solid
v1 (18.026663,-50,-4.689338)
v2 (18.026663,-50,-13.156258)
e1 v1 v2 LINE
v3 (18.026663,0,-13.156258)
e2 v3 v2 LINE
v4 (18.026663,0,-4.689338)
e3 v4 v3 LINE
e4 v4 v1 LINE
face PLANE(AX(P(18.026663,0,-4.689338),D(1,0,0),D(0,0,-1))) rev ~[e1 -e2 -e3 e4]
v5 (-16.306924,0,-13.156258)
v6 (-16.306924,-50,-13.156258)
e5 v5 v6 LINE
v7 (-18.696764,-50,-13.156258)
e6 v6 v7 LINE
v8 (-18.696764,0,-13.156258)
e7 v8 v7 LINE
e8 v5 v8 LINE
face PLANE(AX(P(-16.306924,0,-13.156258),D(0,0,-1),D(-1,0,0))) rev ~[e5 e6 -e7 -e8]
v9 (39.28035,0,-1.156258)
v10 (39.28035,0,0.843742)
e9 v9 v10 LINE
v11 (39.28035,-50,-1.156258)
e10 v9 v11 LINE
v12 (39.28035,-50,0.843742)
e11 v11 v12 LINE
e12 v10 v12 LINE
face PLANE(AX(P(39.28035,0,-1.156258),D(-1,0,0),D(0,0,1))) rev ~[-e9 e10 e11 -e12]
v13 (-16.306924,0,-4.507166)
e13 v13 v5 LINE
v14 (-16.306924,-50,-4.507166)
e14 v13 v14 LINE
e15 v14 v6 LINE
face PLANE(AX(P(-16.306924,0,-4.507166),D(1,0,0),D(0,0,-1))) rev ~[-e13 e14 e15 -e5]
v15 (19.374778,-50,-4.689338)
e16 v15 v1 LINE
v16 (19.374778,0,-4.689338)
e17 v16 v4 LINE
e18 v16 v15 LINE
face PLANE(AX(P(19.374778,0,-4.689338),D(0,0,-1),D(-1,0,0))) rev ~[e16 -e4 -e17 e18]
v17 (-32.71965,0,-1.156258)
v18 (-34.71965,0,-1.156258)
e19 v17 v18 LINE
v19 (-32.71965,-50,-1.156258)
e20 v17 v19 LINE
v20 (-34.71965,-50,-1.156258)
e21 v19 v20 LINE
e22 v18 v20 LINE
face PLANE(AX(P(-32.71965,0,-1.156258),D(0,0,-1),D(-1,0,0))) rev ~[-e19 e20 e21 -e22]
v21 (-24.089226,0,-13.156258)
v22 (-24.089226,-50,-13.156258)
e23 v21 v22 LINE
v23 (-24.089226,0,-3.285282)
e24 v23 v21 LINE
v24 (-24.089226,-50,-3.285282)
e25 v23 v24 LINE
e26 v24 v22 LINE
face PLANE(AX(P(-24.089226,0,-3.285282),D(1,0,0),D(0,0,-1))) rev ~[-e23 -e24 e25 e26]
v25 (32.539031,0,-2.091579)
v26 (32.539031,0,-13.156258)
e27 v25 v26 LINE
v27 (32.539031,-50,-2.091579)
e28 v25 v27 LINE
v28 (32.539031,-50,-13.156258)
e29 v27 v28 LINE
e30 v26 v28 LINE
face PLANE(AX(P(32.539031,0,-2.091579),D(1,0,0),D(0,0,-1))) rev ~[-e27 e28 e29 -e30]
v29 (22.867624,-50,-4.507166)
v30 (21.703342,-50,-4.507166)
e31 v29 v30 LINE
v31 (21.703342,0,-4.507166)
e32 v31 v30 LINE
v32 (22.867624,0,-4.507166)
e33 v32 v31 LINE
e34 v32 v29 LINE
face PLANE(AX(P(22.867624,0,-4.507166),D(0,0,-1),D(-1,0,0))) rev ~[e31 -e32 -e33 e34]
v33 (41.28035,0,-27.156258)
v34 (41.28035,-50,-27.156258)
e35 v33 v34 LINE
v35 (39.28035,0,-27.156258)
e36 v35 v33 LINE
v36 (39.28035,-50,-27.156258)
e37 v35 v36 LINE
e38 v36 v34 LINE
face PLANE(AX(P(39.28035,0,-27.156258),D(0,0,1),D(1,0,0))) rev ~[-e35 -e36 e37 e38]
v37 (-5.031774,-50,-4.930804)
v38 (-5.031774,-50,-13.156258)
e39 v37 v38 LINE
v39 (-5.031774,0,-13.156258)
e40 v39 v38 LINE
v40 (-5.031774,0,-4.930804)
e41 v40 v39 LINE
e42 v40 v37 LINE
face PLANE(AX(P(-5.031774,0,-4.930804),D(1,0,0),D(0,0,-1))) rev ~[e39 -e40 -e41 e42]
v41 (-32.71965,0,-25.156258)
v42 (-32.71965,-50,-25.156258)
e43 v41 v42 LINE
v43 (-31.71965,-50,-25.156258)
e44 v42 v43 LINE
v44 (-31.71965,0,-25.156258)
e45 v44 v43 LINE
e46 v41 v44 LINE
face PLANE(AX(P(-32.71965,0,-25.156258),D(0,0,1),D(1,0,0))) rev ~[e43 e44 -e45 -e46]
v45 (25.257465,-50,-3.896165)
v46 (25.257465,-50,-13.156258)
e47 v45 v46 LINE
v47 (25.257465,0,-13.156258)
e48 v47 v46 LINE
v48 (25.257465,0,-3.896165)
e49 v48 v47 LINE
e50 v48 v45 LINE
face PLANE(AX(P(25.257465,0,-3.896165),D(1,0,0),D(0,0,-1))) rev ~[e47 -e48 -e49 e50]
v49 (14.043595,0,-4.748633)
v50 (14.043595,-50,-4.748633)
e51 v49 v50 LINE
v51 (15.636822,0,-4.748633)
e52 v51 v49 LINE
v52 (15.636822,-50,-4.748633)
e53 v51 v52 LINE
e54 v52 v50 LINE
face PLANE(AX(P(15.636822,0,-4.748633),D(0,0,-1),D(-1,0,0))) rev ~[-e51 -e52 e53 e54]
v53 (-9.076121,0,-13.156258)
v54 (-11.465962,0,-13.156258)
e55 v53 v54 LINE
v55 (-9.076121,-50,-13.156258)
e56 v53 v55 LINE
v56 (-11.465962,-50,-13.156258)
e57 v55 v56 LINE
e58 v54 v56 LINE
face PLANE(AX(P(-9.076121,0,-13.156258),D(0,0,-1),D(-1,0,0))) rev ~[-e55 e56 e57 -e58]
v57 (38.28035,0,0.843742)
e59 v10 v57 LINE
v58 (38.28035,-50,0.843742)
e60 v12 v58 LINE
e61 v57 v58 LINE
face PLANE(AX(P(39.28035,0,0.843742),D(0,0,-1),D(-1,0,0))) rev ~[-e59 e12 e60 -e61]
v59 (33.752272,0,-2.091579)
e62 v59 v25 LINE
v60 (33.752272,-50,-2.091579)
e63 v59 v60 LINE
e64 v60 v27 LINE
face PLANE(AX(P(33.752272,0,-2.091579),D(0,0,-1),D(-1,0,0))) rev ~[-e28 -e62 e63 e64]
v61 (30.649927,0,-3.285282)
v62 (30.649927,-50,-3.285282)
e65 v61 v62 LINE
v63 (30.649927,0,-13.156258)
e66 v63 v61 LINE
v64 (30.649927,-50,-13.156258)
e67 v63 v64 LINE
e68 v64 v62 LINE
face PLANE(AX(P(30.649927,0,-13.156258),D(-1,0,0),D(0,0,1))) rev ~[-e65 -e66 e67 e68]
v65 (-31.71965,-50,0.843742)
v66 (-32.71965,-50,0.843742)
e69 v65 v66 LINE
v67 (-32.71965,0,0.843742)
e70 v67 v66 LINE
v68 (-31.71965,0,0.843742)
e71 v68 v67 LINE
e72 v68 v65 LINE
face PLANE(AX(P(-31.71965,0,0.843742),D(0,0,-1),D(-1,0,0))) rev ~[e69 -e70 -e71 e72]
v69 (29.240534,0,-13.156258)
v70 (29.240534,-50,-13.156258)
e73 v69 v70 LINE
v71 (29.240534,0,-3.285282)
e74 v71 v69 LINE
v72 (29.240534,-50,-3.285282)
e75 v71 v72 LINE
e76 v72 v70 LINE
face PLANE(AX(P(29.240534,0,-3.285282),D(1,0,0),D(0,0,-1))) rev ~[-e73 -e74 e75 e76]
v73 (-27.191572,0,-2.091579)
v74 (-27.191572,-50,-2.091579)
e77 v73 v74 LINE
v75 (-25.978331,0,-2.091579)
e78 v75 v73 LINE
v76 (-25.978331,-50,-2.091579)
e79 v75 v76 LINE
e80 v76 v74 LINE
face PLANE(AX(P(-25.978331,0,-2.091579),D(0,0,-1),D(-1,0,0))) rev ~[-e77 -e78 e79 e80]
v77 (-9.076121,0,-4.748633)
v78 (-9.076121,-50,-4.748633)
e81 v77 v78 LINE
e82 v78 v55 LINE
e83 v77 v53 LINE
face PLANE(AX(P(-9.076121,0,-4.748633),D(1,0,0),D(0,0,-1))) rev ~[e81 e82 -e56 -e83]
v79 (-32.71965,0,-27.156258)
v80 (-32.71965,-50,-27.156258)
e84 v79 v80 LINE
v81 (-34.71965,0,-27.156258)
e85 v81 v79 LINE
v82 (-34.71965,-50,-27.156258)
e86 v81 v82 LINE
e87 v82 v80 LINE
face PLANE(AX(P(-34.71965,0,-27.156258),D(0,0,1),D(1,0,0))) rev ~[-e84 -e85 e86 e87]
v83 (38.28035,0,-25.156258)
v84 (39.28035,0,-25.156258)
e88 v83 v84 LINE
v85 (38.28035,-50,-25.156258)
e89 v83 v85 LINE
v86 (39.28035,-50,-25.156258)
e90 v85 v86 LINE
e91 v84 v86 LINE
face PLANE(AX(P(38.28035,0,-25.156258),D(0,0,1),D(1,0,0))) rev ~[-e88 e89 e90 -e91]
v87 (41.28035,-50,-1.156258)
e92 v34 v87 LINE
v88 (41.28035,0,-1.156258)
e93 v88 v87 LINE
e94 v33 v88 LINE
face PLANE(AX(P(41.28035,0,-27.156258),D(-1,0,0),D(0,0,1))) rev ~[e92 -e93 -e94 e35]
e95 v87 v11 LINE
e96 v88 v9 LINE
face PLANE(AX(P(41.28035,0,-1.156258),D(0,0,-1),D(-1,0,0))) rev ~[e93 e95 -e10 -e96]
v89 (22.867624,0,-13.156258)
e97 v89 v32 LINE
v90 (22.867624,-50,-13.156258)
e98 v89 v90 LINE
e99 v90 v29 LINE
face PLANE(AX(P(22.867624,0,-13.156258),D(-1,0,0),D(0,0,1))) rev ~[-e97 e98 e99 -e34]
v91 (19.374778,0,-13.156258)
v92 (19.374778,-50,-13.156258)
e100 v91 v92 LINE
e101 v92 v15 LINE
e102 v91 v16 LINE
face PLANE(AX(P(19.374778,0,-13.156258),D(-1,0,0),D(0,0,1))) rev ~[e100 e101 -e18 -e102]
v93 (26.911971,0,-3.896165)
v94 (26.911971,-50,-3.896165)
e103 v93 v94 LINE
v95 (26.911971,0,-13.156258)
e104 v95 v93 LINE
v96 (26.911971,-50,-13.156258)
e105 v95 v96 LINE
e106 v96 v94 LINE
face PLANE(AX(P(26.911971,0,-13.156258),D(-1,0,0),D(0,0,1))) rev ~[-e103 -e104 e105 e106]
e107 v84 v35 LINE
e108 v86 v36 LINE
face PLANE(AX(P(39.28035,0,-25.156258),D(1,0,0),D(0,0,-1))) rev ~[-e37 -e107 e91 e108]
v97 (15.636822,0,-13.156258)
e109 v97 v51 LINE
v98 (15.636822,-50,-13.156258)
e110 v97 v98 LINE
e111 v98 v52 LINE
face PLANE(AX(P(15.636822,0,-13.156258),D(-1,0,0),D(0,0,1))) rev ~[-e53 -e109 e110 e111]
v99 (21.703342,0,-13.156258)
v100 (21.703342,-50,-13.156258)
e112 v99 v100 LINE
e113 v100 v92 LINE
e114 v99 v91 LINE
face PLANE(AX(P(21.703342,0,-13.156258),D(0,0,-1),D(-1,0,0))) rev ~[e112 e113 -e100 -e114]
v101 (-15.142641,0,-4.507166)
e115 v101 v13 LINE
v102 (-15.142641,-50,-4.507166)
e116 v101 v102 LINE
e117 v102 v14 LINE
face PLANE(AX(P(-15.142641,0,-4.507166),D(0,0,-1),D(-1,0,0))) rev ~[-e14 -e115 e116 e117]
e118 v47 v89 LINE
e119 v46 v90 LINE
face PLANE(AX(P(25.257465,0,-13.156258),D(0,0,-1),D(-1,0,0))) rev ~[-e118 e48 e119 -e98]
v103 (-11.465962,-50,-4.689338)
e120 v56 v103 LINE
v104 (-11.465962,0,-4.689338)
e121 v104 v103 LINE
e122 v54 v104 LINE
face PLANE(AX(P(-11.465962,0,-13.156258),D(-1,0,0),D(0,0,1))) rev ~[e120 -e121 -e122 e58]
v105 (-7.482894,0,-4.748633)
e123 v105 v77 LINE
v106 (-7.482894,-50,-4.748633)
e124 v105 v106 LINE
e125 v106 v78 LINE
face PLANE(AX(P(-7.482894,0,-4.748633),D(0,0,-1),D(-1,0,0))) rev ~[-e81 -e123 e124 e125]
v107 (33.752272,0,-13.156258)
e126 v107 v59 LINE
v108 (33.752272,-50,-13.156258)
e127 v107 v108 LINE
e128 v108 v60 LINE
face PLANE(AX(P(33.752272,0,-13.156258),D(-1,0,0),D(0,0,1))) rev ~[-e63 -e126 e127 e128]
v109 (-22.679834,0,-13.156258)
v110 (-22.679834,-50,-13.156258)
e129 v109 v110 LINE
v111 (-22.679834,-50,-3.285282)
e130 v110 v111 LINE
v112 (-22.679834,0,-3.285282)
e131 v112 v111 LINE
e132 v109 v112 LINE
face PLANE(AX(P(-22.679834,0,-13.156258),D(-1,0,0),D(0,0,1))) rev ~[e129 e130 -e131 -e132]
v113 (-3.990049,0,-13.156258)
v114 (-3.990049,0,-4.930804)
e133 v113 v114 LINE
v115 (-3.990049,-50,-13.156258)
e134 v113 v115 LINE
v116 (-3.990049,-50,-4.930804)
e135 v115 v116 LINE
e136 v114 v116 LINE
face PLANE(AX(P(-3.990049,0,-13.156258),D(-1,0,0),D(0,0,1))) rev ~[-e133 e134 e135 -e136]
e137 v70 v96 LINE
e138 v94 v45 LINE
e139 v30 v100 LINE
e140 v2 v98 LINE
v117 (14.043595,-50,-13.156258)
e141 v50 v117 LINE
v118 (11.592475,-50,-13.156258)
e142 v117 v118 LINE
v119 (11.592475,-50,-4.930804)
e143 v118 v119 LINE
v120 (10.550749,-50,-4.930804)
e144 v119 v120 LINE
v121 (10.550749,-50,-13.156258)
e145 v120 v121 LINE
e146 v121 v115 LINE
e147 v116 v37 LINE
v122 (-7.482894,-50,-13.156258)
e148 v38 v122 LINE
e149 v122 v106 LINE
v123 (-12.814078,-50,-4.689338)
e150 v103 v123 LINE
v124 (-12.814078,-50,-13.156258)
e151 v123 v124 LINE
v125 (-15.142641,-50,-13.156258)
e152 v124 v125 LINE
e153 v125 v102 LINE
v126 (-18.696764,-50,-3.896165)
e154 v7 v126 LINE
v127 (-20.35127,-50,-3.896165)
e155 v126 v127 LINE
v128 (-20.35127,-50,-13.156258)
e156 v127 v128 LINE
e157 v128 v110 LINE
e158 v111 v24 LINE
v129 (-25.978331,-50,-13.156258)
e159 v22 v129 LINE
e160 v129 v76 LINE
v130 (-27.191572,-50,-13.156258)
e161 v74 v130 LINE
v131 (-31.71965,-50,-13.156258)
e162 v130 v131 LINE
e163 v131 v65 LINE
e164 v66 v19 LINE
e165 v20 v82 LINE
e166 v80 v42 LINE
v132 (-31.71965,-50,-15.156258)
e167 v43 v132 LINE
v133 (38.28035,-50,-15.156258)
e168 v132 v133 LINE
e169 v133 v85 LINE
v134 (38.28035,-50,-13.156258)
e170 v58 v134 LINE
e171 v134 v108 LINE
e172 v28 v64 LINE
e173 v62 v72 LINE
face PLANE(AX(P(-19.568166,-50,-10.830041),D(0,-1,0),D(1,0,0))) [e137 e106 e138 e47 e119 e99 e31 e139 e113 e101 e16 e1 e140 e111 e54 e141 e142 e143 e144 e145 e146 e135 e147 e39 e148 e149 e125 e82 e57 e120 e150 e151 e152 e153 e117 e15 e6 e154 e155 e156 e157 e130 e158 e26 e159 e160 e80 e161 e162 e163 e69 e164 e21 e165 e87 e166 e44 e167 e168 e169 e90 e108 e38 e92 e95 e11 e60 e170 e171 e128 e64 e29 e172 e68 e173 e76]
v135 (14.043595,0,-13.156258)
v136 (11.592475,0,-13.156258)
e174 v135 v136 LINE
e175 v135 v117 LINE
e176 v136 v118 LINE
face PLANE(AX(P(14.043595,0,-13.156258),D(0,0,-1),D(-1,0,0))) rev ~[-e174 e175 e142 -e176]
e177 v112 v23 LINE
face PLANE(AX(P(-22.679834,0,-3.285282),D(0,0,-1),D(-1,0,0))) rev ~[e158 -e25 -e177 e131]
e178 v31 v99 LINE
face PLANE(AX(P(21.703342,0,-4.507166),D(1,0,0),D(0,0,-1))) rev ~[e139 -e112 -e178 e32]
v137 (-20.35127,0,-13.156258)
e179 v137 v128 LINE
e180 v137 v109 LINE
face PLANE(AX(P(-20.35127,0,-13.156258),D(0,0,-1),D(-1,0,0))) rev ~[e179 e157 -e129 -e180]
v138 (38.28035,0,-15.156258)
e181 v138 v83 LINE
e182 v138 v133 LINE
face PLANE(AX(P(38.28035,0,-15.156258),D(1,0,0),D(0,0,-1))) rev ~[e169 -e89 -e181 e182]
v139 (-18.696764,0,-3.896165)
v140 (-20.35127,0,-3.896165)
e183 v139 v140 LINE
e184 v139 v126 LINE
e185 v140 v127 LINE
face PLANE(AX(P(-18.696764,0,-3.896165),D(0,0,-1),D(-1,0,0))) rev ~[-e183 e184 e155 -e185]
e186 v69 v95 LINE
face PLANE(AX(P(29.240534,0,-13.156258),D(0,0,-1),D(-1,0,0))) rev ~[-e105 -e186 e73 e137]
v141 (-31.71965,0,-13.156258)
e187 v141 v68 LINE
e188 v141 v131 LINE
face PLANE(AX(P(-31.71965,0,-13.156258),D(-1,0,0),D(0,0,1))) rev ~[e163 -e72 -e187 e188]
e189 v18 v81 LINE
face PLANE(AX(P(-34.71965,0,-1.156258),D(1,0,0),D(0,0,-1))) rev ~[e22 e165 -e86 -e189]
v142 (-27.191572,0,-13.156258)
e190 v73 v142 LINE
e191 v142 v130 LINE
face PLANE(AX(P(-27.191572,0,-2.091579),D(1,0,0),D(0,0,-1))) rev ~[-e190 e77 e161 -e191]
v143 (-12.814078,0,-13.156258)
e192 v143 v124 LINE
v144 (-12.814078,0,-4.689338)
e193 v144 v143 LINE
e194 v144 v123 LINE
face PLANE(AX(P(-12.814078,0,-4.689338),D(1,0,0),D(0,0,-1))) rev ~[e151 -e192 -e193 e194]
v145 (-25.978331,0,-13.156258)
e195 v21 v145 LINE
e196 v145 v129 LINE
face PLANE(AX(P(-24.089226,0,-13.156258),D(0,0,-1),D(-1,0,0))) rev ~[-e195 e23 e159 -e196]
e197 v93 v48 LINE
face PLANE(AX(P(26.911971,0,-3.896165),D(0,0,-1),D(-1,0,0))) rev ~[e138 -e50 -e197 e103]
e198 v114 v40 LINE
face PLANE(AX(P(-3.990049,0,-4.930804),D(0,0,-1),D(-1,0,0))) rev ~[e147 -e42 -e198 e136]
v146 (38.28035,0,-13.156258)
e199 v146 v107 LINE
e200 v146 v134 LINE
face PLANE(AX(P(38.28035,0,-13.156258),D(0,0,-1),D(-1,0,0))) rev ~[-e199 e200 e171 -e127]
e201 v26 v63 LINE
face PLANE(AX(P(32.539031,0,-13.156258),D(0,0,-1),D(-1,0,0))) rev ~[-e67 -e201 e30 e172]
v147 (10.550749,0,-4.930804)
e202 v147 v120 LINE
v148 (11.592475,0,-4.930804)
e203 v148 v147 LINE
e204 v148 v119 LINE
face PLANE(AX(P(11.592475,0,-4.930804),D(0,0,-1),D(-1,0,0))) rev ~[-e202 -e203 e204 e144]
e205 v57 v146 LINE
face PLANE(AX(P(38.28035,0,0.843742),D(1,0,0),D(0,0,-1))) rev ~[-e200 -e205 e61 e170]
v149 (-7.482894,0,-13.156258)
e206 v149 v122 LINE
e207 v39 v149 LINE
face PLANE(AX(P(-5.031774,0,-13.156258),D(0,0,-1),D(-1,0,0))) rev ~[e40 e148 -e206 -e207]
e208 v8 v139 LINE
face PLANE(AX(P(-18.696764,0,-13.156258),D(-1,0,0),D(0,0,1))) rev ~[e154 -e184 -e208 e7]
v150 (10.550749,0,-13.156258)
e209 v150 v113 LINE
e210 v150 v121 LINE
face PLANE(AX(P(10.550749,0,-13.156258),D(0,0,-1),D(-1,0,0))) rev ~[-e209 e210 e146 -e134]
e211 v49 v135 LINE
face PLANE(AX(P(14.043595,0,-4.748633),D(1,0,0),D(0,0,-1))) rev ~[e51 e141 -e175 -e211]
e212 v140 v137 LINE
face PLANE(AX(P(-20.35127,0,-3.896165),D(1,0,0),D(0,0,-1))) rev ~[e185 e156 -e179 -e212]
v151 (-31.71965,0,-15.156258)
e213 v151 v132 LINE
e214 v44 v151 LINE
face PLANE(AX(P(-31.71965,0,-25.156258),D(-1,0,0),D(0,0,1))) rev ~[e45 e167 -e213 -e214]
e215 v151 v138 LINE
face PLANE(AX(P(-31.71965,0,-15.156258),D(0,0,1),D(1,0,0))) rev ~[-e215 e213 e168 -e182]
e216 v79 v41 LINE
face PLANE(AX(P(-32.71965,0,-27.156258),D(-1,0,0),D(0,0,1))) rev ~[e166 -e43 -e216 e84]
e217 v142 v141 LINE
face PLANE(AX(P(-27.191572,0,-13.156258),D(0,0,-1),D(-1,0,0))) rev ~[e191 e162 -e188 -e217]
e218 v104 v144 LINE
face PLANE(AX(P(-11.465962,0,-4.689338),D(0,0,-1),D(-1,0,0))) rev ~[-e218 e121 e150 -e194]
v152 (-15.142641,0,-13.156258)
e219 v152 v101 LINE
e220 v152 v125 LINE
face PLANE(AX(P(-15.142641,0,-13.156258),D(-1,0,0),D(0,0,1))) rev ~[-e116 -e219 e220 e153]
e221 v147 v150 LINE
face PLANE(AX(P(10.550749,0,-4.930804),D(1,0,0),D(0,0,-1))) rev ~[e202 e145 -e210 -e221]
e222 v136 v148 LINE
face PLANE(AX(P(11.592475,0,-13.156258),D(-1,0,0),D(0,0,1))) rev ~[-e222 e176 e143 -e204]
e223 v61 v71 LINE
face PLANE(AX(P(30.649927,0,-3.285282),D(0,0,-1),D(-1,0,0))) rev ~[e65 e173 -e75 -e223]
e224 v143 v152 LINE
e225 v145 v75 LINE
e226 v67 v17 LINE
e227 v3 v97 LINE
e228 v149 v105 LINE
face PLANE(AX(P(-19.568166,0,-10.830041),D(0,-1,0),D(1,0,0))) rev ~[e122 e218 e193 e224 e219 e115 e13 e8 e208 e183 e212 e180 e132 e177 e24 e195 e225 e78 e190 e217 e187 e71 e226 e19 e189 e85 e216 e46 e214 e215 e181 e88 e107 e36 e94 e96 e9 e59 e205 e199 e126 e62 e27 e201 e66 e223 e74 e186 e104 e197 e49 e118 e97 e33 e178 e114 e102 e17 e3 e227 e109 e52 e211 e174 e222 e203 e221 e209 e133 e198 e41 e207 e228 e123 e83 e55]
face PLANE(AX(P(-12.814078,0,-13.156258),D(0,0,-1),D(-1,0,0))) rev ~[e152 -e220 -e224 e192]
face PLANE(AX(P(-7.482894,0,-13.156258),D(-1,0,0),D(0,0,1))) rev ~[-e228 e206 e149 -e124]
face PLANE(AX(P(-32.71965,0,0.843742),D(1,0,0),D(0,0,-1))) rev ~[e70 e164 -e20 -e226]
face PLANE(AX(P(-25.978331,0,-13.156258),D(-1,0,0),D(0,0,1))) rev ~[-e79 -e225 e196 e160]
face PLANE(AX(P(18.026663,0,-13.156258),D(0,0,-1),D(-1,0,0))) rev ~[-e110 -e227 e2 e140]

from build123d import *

# Parameters (mm, degrees)
F1_DEPTH = 50


with BuildPart() as f1:
    # F0 (on Front) → F1 (new body)
    with BuildSketch(Plane.XZ):
        Polygon((-32.71965, -1.156258), (-34.71965, -1.156258), (-34.71965, -27.156258), (-32.71965, -27.156258), (-32.71965, -25.156258), (-31.71965, -25.156258), (-31.71965, -15.156258), (3.28035, -15.156258), (3.28035, -13.156258), (-3.990049, -13.156258), (-3.990049, -4.930804), (-5.031774, -4.930804), (-5.031774, -13.156258), (-7.482894, -13.156258), (-7.482894, -4.748633), (-9.076121, -4.748633), (-9.076121, -13.156258), (-11.465962, -13.156258), (-11.465962, -4.689338), (-12.814078, -4.689338), (-12.814078, -13.156258), (-15.142641, -13.156258), (-15.142641, -4.507166), (-16.306924, -4.507166), (-16.306924, -13.156258), (-18.696764, -13.156258), (-18.696764, -3.896165), (-20.35127, -3.896165), (-20.35127, -13.156258), (-22.679834, -13.156258), (-22.679834, -3.285282), (-24.089226, -3.285282), (-24.089226, -13.156258), (-25.978331, -13.156258), (-25.978331, -2.091579), (-27.191572, -2.091579), (-27.191572, -13.156258), (-31.71965, -13.156258), (-31.71965, 0.843742), (-32.71965, 0.843742), align=None)
        Polygon((3.28035, -13.156258), (3.28035, -15.156258), (38.28035, -15.156258), (38.28035, -25.156258), (39.28035, -25.156258), (39.28035, -27.156258), (41.28035, -27.156258), (41.28035, -1.156258), (39.28035, -1.156258), (39.28035, 0.843742), (38.28035, 0.843742), (38.28035, -13.156258), (33.752272, -13.156258), (33.752272, -2.091579), (32.539031, -2.091579), (32.539031, -13.156258), (30.649927, -13.156258), (30.649927, -3.285282), (29.240534, -3.285282), (29.240534, -13.156258), (26.911971, -13.156258), (26.911971, -3.896165), (25.257465, -3.896165), (25.257465, -13.156258), (22.867624, -13.156258), (22.867624, -4.507166), (21.703342, -4.507166), (21.703342, -13.156258), (19.374778, -13.156258), (19.374778, -4.689338), (18.026663, -4.689338), (18.026663, -13.156258), (15.636822, -13.156258), (15.636822, -4.748633), (14.043595, -4.748633), (14.043595, -13.156258), (11.592475, -13.156258), (11.592475, -4.930804), (10.550749, -4.930804), (10.550749, -13.156258), align=None)
    extrude(amount=F1_DEPTH)


solid = f1.part
